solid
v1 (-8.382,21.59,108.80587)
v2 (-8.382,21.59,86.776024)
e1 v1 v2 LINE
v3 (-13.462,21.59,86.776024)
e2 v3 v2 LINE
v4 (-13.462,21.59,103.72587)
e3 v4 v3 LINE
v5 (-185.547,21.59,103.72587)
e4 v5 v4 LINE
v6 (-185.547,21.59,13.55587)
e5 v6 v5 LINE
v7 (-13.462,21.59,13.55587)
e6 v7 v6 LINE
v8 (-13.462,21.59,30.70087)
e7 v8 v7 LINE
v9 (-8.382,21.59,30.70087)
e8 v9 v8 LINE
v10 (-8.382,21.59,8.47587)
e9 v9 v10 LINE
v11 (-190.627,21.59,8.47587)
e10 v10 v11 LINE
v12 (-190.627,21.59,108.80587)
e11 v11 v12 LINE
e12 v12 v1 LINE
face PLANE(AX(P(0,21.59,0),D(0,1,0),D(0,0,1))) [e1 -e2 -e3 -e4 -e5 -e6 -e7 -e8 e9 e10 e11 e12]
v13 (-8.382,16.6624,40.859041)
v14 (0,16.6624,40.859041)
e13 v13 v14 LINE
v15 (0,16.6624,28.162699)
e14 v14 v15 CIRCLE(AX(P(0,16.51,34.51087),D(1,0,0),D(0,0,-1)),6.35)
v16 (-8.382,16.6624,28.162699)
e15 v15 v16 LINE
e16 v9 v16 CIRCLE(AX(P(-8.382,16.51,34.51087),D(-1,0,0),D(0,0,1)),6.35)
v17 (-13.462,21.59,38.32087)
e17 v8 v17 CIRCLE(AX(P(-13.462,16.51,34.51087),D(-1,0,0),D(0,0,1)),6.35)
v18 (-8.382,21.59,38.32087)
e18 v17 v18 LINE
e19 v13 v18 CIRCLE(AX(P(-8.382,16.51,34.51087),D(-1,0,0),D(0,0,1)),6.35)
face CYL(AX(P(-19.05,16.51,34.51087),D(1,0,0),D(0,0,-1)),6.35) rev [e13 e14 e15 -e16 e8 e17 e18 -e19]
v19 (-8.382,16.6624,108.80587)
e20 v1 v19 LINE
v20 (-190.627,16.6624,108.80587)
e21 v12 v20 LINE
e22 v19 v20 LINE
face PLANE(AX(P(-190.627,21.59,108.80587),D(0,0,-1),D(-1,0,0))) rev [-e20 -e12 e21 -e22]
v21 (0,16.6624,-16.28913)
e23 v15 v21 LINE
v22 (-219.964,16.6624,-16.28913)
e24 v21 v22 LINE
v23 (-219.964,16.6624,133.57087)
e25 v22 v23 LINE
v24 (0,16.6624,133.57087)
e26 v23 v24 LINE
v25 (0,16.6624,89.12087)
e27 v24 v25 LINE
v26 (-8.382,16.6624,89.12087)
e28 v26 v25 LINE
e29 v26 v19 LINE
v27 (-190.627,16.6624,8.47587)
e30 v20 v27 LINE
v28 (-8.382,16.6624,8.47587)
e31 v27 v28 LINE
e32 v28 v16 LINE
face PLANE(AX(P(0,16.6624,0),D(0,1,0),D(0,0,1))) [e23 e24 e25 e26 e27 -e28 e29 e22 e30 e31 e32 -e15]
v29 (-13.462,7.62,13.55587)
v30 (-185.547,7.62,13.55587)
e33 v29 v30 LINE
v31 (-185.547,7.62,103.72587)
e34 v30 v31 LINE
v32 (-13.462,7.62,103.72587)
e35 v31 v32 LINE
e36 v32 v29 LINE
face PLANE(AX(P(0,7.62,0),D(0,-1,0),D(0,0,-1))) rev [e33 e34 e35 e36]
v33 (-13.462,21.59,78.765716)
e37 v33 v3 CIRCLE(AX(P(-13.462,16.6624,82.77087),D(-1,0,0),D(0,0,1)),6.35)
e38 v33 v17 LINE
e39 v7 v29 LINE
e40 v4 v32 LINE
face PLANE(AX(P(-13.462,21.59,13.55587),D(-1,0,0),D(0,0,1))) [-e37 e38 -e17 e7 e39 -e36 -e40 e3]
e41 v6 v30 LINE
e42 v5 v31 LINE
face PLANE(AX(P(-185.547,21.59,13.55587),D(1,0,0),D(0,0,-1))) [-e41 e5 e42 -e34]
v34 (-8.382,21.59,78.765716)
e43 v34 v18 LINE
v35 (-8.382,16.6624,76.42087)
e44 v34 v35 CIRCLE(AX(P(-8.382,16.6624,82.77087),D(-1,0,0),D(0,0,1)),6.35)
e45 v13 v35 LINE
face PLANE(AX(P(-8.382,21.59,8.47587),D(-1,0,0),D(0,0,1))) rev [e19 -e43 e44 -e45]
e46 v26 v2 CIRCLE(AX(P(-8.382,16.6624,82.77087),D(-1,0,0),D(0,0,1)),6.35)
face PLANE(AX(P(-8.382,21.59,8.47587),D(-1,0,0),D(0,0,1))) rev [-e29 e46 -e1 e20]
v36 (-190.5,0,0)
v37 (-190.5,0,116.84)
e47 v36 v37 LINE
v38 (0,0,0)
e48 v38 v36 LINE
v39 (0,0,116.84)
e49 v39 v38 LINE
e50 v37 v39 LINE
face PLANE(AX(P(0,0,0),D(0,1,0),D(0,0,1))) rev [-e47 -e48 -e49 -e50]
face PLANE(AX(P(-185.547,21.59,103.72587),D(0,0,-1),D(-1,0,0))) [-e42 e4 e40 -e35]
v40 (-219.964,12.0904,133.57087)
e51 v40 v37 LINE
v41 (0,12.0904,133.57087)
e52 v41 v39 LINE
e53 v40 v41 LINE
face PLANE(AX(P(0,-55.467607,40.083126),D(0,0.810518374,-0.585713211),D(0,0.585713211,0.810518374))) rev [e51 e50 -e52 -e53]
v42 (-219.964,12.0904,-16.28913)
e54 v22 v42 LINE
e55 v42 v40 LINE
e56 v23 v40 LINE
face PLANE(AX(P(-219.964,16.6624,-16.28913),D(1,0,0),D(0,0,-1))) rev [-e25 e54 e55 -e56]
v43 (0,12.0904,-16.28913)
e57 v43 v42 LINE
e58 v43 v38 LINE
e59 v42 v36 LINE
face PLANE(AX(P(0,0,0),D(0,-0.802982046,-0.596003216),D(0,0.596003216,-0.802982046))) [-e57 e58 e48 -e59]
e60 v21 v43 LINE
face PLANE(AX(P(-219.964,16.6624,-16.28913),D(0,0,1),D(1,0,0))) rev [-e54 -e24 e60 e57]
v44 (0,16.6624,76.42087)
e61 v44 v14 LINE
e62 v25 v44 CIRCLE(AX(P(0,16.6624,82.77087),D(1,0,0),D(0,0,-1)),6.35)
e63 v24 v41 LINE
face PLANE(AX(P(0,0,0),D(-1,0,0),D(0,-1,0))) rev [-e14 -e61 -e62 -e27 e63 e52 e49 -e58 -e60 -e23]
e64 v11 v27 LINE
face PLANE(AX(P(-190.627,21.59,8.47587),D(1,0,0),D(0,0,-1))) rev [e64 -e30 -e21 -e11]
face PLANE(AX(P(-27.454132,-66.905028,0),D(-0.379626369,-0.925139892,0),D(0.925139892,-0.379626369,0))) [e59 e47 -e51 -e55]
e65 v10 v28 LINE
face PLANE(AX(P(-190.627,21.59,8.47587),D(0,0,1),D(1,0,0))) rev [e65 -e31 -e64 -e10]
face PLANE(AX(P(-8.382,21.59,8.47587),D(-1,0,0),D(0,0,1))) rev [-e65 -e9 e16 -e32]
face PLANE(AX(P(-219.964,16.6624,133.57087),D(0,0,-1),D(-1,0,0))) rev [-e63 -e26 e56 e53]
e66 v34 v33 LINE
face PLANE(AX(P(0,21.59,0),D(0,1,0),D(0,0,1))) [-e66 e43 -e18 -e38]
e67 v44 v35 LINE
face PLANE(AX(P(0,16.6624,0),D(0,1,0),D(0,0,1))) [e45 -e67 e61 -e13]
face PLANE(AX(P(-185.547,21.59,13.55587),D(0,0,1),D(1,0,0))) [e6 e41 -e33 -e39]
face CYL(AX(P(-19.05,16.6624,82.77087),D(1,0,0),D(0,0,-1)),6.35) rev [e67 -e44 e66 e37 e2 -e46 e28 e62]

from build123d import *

# Parameters (mm, degrees)
SKETCH2_2_W         = 219.964
SKETCH2_2_H         = 149.86
BOSS_EXTRUDE2_DEPTH = 4.572
SKETCH3_W           = 182.245
SKETCH3_H           = 100.33
BOSS_EXTRUDE3_DEPTH = 5.08
SKETCH4_W           = 172.085
SKETCH4_H           = 90.17
CUT_EXTRUDE1_DEPTH  = 258.8719036
SKETCH4_2_W         = 172.085
SKETCH4_2_H         = 90.17
CUT_EXTRUDE2_DEPTH  = 8.89
SKETCH5_R           = 6.35
CUT_EXTRUDE3_DEPTH  = 19.05


with BuildPart() as part:
    # Sketch2 → Loft1 section 0
    with BuildSketch(Plane(origin=(0, 12.0904, 0), x_dir=(1, 0, 0), z_dir=(0, 1, 0))):
        with BuildLine():
            Line((-219.964, 16.289130435), (0, 16.289130435))
            Line((0, 16.289130435), (0, -133.570869565))
            Line((0, -133.570869565), (-219.964, -133.570869565))
            Line((-219.964, -133.570869565), (-219.964, 16.289130435))
        make_face()
    # Sketch1 → Loft1 section 1
    with BuildSketch(Plane(origin=(0, 0, 0), x_dir=(1, 0, 0), z_dir=(0, 1, 0))):
        with BuildLine():
            Line((-190.5, 0), (0, 0))
            Line((0, 0), (0, -116.84))
            Line((0, -116.84), (-190.5, -116.84))
            Line((-190.5, -116.84), (-190.5, 0))
        make_face()
    loft()

    # Sketch2<2> → Boss-Extrude2 (add)
    with BuildSketch(Plane(origin=(0, 12.0904, 0), x_dir=(1, 0, 0), z_dir=(0, 1, 0))):
        with Locations((-109.982, -58.640869565)):
            Rectangle(SKETCH2_2_W, SKETCH2_2_H)
    extrude(amount=BOSS_EXTRUDE2_DEPTH)

    # Sketch3 → Boss-Extrude3 (add)
    with BuildSketch(Plane(origin=(0, 16.51, 0), x_dir=(1, 0, 0), z_dir=(0, 1, 0))):
        with Locations((-99.5045, -58.640869565)):
            Rectangle(SKETCH3_W, SKETCH3_H)
    extrude(amount=BOSS_EXTRUDE3_DEPTH)

    # Sketch4 → Cut-Extrude1 (cut, through all)
    with BuildSketch(Plane(origin=(0, 16.51, 0), x_dir=(1, 0, 0), z_dir=(0, 1, 0))):
        with Locations((-99.5045, -58.640869565)):
            Rectangle(SKETCH4_W, SKETCH4_H)
    extrude(amount=CUT_EXTRUDE1_DEPTH, mode=Mode.SUBTRACT)

    # Sketch4<2> → Cut-Extrude2 (cut)
    with BuildSketch(Plane(origin=(0, 16.51, 0), x_dir=(1, 0, 0), z_dir=(0, 1, 0))):
        with Locations((-99.5045, -58.640869565)):
            Rectangle(SKETCH4_2_W, SKETCH4_2_H)
    extrude(amount=-CUT_EXTRUDE2_DEPTH, mode=Mode.SUBTRACT)

    # Sketch5 → Cut-Extrude3 (cut)
    with BuildSketch(Plane(origin=(0, 0, 0), x_dir=(0, 0, -1), z_dir=(1, 0, 0))):
        with Locations((-82.770869565, 16.6624)):
            Circle(SKETCH5_R)
        with Locations((-34.510869565, 16.51)):
            Circle(SKETCH5_R)
    extrude(amount=-CUT_EXTRUDE3_DEPTH, mode=Mode.SUBTRACT)


solid = part.part
